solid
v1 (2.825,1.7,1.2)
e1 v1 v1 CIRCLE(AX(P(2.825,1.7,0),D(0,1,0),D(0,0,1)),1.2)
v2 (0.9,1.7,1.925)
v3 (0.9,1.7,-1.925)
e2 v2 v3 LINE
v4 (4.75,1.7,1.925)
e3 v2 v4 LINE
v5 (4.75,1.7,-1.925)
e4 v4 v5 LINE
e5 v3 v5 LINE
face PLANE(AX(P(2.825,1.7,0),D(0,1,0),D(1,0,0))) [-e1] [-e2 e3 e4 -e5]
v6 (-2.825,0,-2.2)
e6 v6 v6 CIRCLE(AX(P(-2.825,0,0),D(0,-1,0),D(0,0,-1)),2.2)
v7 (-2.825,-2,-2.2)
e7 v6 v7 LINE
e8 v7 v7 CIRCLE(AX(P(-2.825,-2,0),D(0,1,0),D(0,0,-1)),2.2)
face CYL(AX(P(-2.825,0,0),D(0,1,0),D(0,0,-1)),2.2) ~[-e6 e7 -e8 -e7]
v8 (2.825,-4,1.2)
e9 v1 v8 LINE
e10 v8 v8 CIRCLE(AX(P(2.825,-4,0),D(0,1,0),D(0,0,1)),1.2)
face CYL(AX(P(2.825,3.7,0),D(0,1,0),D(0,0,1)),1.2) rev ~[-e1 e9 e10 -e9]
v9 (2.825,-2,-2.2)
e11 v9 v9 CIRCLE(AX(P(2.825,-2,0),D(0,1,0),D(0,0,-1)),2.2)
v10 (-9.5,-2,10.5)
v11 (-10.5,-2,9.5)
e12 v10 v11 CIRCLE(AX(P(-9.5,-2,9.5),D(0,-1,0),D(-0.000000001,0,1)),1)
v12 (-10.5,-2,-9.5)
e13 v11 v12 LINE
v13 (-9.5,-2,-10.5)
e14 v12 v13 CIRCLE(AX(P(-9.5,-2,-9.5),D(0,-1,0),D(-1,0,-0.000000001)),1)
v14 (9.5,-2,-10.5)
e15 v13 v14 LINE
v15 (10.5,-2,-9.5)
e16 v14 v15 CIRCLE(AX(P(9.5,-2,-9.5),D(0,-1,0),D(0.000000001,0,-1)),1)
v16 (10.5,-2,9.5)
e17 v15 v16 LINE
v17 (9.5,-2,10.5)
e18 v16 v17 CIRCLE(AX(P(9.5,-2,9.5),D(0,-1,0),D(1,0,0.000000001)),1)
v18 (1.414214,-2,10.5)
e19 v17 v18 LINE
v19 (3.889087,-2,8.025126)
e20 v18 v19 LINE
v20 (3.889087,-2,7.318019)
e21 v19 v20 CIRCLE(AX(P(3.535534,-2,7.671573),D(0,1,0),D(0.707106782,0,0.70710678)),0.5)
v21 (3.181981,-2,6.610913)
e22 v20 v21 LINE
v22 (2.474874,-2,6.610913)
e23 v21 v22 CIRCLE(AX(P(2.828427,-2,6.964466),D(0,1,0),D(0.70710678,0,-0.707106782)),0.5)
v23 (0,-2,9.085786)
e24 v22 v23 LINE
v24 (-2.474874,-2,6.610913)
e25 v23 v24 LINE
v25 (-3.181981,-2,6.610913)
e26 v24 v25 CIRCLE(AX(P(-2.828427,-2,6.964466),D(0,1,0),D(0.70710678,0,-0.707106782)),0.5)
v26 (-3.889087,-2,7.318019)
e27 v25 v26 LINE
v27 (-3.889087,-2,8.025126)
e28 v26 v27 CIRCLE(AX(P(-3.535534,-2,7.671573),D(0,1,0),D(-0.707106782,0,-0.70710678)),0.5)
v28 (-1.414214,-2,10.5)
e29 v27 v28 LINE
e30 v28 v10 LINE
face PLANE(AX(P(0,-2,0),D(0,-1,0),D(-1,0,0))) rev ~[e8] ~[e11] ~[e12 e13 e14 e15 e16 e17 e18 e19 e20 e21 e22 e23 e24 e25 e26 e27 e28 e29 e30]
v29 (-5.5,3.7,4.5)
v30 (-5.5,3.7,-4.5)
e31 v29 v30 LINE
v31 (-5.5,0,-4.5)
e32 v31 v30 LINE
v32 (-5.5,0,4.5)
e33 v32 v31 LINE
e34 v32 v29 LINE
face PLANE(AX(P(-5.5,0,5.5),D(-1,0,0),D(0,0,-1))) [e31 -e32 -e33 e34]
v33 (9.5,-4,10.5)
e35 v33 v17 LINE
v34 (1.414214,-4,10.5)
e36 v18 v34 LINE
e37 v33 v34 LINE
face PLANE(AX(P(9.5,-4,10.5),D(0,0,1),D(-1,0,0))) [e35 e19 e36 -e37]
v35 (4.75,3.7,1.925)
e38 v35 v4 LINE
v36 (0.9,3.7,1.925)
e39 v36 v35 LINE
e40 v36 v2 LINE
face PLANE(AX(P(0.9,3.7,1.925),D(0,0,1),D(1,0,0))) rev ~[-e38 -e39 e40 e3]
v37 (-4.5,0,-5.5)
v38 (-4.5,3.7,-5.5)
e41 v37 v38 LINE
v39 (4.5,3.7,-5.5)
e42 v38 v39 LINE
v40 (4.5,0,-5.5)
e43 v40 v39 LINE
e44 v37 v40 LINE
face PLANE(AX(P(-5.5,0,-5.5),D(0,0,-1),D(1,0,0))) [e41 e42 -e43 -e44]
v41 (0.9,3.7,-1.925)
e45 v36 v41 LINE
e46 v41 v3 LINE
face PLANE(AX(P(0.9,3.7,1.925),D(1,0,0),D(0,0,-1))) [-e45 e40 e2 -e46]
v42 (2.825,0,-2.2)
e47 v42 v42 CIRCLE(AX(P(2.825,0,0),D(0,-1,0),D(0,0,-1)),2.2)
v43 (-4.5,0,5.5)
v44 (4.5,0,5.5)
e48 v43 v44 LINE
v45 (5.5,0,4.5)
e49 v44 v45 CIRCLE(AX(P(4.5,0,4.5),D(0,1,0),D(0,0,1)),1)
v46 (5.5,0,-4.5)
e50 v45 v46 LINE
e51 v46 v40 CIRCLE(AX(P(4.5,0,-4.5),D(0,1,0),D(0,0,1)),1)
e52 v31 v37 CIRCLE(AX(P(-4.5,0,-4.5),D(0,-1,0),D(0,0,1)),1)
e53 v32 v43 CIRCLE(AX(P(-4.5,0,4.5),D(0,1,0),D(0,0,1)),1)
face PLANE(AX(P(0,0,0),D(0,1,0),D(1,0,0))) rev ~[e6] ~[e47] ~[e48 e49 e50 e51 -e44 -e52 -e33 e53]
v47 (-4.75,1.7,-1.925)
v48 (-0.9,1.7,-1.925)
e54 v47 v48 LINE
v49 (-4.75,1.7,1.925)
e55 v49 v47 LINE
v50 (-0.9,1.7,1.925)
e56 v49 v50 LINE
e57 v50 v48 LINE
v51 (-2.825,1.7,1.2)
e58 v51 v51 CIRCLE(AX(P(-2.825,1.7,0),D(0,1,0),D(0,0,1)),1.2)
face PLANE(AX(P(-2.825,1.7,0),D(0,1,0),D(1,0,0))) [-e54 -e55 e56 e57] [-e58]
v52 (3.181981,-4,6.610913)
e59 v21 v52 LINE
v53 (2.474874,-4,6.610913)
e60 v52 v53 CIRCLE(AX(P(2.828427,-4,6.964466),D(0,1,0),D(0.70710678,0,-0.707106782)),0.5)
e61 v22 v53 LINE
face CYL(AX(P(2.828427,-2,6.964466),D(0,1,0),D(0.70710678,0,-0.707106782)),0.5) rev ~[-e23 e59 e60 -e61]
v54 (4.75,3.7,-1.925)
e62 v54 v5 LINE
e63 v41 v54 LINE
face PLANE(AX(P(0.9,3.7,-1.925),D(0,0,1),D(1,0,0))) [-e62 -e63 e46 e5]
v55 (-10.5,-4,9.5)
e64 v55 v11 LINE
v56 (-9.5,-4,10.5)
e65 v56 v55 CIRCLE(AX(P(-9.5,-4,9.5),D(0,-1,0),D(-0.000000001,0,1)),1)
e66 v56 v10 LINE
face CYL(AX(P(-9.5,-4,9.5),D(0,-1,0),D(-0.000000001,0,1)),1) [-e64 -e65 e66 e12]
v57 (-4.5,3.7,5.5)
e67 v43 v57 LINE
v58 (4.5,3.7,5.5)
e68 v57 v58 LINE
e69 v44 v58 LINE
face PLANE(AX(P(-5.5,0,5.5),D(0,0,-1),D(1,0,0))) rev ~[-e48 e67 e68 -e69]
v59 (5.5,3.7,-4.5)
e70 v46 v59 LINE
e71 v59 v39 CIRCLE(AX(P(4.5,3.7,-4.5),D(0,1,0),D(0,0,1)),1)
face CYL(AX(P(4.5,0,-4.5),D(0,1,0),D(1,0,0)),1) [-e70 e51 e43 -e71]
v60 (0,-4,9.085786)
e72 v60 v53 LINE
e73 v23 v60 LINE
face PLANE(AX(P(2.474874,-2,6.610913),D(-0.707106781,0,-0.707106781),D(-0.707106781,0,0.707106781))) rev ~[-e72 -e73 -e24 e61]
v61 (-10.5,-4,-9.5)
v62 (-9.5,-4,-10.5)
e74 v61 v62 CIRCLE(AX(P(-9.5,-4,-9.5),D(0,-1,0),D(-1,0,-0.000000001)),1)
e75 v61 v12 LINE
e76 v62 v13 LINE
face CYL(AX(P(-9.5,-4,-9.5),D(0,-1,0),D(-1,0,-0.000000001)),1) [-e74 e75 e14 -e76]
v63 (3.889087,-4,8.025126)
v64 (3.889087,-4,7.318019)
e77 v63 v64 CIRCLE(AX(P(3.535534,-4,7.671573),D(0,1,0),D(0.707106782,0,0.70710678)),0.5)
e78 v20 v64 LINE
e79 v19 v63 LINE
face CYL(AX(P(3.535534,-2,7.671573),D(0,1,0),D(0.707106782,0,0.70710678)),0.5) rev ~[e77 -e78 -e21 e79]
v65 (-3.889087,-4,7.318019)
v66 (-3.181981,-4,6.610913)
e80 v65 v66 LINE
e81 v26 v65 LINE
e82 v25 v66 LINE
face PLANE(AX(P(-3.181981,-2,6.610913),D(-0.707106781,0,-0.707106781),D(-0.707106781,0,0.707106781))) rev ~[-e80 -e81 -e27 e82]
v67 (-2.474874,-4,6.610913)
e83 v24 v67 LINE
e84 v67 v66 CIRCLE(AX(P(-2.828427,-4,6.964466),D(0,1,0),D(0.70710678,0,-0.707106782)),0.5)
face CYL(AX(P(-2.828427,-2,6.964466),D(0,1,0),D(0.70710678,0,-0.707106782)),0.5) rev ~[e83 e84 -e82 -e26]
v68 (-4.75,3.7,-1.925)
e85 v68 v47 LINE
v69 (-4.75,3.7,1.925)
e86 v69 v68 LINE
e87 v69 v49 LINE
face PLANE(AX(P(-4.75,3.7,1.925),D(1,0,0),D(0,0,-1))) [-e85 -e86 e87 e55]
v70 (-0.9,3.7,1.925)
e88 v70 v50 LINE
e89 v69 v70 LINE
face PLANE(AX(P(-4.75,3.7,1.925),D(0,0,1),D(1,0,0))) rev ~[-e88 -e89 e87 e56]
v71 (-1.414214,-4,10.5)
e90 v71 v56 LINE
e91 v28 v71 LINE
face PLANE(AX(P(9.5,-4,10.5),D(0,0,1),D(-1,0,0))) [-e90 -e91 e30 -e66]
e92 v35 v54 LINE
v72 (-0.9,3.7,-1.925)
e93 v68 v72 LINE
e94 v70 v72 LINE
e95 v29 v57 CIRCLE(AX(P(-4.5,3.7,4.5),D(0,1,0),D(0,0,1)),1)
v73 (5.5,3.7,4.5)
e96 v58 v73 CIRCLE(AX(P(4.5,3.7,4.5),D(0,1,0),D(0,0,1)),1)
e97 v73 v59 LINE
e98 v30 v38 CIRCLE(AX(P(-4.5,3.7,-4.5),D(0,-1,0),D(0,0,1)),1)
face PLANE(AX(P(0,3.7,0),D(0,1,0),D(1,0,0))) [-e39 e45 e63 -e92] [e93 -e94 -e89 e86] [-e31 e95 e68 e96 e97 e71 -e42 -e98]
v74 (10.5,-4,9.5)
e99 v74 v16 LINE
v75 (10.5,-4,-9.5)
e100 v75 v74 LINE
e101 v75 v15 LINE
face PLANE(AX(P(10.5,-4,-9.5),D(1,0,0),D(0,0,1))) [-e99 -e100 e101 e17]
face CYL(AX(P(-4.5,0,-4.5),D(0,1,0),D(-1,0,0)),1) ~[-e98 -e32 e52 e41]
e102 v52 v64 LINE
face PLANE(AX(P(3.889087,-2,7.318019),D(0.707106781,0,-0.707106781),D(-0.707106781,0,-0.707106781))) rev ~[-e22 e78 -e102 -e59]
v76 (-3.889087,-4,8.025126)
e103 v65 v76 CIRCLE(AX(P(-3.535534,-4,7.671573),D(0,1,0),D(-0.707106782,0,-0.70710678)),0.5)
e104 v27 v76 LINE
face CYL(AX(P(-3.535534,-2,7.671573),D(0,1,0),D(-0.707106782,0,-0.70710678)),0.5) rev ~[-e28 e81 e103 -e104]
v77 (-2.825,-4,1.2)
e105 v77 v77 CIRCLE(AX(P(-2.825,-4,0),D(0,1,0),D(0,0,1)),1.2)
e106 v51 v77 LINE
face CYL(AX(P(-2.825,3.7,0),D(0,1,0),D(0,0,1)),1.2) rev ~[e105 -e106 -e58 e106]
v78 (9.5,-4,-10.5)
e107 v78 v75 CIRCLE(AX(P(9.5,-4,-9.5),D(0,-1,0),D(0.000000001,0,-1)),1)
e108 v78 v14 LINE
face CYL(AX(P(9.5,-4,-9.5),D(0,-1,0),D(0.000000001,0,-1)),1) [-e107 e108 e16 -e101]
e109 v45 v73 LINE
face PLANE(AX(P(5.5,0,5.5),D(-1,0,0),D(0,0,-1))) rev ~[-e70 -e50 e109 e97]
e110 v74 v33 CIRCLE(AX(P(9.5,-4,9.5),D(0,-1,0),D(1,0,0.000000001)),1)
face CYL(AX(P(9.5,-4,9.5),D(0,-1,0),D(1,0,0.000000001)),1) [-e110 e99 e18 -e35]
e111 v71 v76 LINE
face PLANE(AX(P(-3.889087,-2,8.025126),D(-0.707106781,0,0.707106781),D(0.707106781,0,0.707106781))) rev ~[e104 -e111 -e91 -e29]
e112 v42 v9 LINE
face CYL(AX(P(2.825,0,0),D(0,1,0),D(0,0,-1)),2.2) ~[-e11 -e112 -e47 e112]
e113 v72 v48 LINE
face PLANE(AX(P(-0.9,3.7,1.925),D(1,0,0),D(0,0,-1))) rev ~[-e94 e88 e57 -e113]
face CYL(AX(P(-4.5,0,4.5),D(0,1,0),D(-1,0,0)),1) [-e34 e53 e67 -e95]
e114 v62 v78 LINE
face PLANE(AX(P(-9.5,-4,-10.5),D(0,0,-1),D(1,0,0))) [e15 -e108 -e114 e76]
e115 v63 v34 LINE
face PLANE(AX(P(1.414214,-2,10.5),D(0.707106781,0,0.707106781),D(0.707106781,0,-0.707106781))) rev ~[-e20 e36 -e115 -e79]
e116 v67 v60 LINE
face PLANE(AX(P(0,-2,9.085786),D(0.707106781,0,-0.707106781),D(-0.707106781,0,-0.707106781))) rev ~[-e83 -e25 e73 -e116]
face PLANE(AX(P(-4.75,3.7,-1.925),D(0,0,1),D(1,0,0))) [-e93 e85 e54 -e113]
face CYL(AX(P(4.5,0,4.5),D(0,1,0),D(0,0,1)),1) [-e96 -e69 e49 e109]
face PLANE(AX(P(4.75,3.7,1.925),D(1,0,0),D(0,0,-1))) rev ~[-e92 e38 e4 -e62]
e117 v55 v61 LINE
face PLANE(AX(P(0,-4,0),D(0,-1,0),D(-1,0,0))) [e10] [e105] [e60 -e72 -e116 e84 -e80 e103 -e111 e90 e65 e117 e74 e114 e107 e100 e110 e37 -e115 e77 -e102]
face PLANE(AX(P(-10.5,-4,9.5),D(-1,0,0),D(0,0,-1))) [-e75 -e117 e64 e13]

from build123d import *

# Parameters (mm, degrees)
SKETCH1_W           = 11
SKETCH1_H           = 11
BOSS_EXTRUDE1_DEPTH = 3.7
FILLET1_R           = 1
SKETCH2_W           = 3.85
SKETCH2_H           = 3.85
CUT_EXTRUDE1_DEPTH  = 2
SKETCH4_R           = 2.2
BOSS_EXTRUDE2_DEPTH = 4
BOSS_EXTRUDE3_DEPTH = 2
SKETCH3_R           = 1.2
CUT_EXTRUDE2_DEPTH  = 17.726924403
CUT_EXTRUDE3_DEPTH  = 16.90565937


with BuildPart() as part:
    # Sketch1 → Boss-Extrude1 (new body)
    with BuildSketch(Plane(origin=(0, 0, 0), x_dir=(1, 0, 0), z_dir=(0, 1, 0))):
        Rectangle(SKETCH1_W, SKETCH1_H)
    extrude(amount=BOSS_EXTRUDE1_DEPTH)

    # Fillet1
    fillet1_edges = [part.edges().sort_by_distance(p)[0] for p in [
        (5.5, 1.85, 5.5),
        (-5.5, 1.85, 5.5),
        (-5.5, 1.85, -5.5),
        (5.5, 1.85, -5.5),
    ]]
    fillet(fillet1_edges, radius=FILLET1_R)

    # Sketch2 → Cut-Extrude1 (cut)
    with BuildSketch(Plane(origin=(0, 3.7, 0), x_dir=(1, 0, 0), z_dir=(0, 1, 0))):
        with Locations((-2.825, 0)):
            Rectangle(SKETCH2_W, SKETCH2_H)
        with Locations((2.825, 0)):
            Rectangle(SKETCH2_W, SKETCH2_H)
    extrude(amount=-CUT_EXTRUDE1_DEPTH, mode=Mode.SUBTRACT)

    # Sketch4 → Boss-Extrude2 (add)
    with BuildSketch(Plane(origin=(0, 0, 0), x_dir=(-1, 0, 0), z_dir=(0, -1, 0))):
        with Locations(Location((2.825, 0, 0), (0, 0, 90))):
            Circle(SKETCH4_R)
        with Locations(Location((-2.825, 0, 0), (0, 0, 90))):
            Circle(SKETCH4_R)
    extrude(amount=BOSS_EXTRUDE2_DEPTH)

    # Sketch5 → Boss-Extrude3 (add)
    with BuildSketch(Plane(origin=(0, -4, 0), x_dir=(-1, 0, 0), z_dir=(0, -1, 0))):
        with BuildLine():
            Line((9.5, 10.5), (-9.5, 10.5))
            ThreePointArc((-9.5, 10.5), (-10.207106781, 10.207106781), (-10.5, 9.5))
            Line((-10.5, 9.5), (-10.5, -9.5))
            ThreePointArc((-10.5, -9.5), (-10.207106781, -10.207106781), (-9.5, -10.5))
            Line((-9.5, -10.5), (9.5, -10.5))
            ThreePointArc((9.5, -10.5), (10.207106781, -10.207106781), (10.5, -9.5))
            Line((10.5, -9.5), (10.5, 9.5))
            ThreePointArc((10.5, 9.5), (10.207106781, 10.207106781), (9.5, 10.5))
        make_face()
    extrude(amount=-BOSS_EXTRUDE3_DEPTH)

    # Sketch3 → Cut-Extrude2 (cut, through all)
    with BuildSketch(Plane(origin=(0, 3.7, 0), x_dir=(1, 0, 0), z_dir=(0, 1, 0))):
        with Locations(Location((-2.825, 0, 0), (0, 0, 270))):
            Circle(SKETCH3_R)
        with Locations(Location((2.825, 0, 0), (0, 0, 270))):
            Circle(SKETCH3_R)
    extrude(amount=-CUT_EXTRUDE2_DEPTH, mode=Mode.SUBTRACT)

    # Sketch7 → Cut-Extrude3 (cut, through all)
    with BuildSketch(Plane(origin=(0, -2, 0), x_dir=(1, 0, 0), z_dir=(0, 1, 0))):
        with BuildLine():
            Line((0, -9.085786438), (1.414213562, -10.5))
            Line((1.414213562, -10.5), (3.889087297, -8.025126266))
            ThreePointArc((3.889087297, -8.025126266), (4.035533906, -7.671572875), (3.889087297, -7.318019485))
            Line((3.889087297, -7.318019485), (3.181980515, -6.610912703))
            ThreePointArc((3.181980515, -6.610912703), (2.828427125, -6.464466094), (2.474873734, -6.610912703))
            Line((2.474873734, -6.610912703), (0, -9.085786438))
        make_face()
        with BuildLine():
            Line((-3.889087297, -8.025126266), (-1.414213562, -10.5))
            Line((-1.414213562, -10.5), (0, -9.085786438))
            Line((0, -9.085786438), (-2.474873734, -6.610912703))
            ThreePointArc((-2.474873734, -6.610912703), (-2.828427125, -6.464466094), (-3.181980515, -6.610912703))
            Line((-3.181980515, -6.610912703), (-3.889087297, -7.318019485))
            ThreePointArc((-3.889087297, -7.318019485), (-4.035533906, -7.671572875), (-3.889087297, -8.025126266))
        make_face()
        Polygon((-1.414213562, -10.5), (1.414213562, -10.5), (0, -9.085786438), align=None)
    extrude(amount=-CUT_EXTRUDE3_DEPTH, mode=Mode.SUBTRACT)


solid = part.part
